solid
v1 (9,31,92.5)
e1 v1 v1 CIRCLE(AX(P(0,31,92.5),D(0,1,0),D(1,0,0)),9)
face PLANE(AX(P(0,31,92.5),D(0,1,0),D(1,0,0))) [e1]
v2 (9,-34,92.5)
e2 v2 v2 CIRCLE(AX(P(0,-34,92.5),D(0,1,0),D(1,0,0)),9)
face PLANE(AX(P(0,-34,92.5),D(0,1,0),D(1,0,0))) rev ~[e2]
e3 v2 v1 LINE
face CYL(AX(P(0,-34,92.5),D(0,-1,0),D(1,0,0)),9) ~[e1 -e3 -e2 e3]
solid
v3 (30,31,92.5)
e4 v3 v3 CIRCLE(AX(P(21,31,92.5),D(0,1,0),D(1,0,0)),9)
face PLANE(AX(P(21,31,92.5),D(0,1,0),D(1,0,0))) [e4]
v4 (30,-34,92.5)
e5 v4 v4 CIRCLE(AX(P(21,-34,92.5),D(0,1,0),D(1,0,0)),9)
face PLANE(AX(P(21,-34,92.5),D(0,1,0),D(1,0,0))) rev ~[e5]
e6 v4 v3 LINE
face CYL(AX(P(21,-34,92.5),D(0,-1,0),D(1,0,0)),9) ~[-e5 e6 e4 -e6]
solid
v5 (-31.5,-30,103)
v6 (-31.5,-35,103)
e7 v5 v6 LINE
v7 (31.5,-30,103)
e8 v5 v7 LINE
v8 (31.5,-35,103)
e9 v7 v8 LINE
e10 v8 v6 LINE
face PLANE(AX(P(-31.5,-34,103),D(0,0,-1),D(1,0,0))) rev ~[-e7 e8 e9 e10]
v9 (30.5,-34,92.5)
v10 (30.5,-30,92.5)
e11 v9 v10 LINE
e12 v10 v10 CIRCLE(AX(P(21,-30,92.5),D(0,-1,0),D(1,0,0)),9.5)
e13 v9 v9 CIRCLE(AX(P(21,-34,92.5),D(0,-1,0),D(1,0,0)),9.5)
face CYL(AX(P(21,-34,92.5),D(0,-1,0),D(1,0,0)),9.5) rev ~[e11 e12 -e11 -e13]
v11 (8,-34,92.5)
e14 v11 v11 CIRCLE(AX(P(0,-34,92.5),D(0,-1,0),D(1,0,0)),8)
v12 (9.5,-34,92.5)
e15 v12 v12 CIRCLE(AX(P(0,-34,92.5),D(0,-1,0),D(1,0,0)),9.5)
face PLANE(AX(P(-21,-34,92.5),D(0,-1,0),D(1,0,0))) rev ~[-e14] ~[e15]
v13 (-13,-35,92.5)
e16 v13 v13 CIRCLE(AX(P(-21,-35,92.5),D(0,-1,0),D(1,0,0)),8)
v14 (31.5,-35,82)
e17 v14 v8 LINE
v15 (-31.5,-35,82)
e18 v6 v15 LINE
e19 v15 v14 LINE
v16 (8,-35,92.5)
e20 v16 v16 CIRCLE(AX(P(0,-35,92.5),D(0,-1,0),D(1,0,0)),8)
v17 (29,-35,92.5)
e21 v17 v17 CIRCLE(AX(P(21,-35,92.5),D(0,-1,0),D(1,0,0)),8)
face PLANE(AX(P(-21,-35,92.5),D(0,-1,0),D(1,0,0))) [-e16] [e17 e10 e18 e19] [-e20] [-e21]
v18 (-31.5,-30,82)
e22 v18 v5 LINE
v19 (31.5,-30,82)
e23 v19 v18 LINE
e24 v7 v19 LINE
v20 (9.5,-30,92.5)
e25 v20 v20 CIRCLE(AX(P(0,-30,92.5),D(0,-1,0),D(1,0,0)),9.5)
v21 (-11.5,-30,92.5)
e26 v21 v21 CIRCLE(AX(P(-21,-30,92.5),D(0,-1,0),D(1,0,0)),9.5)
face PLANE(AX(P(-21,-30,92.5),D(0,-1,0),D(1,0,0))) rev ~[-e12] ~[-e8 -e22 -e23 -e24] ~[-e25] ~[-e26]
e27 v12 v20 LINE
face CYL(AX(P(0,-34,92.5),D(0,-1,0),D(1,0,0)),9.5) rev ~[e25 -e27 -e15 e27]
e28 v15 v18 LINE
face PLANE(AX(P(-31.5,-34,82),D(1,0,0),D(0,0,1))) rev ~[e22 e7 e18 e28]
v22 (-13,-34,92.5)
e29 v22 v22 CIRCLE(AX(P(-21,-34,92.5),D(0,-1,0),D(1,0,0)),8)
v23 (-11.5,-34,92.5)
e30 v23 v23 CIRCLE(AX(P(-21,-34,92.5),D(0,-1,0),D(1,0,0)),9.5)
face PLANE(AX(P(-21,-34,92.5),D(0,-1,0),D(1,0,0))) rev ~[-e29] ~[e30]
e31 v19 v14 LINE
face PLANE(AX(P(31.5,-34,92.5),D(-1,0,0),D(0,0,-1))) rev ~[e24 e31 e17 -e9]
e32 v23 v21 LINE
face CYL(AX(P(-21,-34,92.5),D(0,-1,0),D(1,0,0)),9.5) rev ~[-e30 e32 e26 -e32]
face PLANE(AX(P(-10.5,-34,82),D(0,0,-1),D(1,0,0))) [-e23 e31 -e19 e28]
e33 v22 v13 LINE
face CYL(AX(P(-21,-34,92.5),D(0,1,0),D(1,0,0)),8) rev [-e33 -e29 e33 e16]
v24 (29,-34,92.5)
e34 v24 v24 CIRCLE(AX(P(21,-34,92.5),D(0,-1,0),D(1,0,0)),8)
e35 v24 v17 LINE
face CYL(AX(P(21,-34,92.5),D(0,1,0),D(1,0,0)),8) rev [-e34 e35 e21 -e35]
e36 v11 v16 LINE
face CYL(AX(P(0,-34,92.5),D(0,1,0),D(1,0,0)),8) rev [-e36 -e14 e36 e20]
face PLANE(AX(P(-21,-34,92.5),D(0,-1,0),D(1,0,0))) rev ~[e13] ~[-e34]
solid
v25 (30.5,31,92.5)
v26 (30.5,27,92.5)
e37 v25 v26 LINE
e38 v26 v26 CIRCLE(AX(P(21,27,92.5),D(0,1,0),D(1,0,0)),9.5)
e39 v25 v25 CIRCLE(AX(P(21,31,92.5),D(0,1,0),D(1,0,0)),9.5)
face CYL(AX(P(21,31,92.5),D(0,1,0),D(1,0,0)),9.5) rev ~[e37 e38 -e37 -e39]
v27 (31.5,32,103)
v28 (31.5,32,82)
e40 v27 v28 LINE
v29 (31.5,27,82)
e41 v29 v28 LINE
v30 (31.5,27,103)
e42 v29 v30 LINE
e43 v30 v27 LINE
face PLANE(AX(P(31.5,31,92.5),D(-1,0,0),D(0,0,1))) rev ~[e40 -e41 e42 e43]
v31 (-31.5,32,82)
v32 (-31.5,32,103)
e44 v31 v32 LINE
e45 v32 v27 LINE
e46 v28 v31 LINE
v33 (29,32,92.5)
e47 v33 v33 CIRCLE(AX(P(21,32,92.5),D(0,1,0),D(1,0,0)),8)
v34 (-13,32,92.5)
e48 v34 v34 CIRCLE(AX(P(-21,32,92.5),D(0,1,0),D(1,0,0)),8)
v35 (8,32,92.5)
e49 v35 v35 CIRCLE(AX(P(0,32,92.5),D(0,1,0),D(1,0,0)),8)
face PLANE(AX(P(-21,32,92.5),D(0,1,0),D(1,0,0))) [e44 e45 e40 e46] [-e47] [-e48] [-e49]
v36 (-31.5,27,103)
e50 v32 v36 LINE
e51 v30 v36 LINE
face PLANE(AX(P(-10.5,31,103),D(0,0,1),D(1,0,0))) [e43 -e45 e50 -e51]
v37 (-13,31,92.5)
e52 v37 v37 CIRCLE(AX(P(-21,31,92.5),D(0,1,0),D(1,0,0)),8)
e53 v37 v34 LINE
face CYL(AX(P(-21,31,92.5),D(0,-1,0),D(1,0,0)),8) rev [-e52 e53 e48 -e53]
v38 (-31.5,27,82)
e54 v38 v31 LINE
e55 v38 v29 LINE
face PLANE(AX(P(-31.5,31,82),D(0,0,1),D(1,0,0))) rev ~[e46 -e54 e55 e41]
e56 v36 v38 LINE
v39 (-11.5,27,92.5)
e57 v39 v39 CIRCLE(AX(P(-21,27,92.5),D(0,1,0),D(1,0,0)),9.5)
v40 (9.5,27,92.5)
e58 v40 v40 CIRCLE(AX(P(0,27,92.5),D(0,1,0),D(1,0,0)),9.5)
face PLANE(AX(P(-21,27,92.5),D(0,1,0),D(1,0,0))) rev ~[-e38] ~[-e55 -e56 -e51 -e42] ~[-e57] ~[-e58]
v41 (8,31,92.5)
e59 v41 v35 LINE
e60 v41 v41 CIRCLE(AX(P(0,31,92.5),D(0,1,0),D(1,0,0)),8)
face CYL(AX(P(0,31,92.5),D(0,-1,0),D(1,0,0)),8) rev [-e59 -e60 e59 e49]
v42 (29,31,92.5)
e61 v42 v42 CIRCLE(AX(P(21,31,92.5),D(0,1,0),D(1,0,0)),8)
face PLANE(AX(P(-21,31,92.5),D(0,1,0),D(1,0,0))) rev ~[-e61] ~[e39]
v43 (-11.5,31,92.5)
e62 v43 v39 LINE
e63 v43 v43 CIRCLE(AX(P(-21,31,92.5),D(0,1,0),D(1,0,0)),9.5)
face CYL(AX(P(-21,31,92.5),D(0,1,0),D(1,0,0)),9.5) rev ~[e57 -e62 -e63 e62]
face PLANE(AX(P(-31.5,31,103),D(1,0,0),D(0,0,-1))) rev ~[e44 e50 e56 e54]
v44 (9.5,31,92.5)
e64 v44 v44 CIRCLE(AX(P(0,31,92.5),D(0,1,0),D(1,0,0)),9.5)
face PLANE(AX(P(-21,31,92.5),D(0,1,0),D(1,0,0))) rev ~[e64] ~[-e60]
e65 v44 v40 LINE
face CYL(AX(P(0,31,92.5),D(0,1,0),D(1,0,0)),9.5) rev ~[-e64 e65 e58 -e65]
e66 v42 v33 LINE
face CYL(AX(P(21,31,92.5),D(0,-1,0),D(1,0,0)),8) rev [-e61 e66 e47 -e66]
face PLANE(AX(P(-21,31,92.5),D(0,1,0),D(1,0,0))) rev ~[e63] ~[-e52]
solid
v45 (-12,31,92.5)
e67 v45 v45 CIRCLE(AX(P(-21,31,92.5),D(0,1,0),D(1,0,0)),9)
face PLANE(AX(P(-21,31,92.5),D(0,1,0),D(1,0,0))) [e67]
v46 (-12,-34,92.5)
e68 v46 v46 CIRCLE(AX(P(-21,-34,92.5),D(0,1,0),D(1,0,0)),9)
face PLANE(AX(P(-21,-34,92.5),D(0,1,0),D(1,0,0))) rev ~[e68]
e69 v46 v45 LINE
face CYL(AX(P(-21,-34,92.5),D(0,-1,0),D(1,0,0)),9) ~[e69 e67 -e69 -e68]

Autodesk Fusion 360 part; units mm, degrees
sketch "Sketch2" plane through (0, 0, 0) normal (0, 1, 0) x (1, 0, 0) in component "Battery"
  circle A0 centre (0, 0) radius 9
  dimension "d91" = 18
extrude "Extrude2" add sketch "Sketch2" along normal blind 65 makes body 1 in component "Battery"
sketch "Sketch2 (2)" plane through (0, 0, 0) normal (0, -1, 0) x (1, 0, 0) in component "Holder"
  circle A0 centre (0, 0) radius 9 construction
  circle A1 centre (0, 0) radius 9.5
  circle A2 centre (0, 0) radius 10.5
  circle A3 centre (0, 0) radius 8
  line L0 (10.5, 10.5) -> (10.5, -10.5) construction
  line L1 (10.5, -10.5) -> (0, -10.5)
  line L2 (10.5, 10.5) -> (0, 10.5)
  circle A4 centre (21, 0) radius 10.5
  circle A5 centre (21, 0) radius 9.5
  circle A6 centre (21, 0) radius 8
  line L3 (10.5, 10.5) -> (21, 10.5)
  line L4 (10.5, -10.5) -> (21, -10.5)
  line L5 (31.5, 10.5) -> (31.5, -10.5) construction
  circle A7 centre (42, 0) radius 10.5
  circle A8 centre (42, 0) radius 9.5
  circle A9 centre (42, 0) radius 8
  line L6 (52.5, -10.5) -> (-10.5, -10.5)
  line L7 (-10.5, -10.5) -> (-10.5, 10.5)
  line L8 (-10.5, 10.5) -> (52.5, 10.5)
  line L9 (52.5, 10.5) -> (52.5, -10.5)
  line L10 (52.5, -10.5) -> (-10.5, 10.5) construction
  line L11 (-10.5, -10.5) -> (52.5, 10.5) construction
  circle A10 centre (21, 0) radius 9 construction
  circle A11 centre (42, 0) radius 9 construction
  point P0 (21, 0)
  dimension "d94" = 0.5
  dimension "d95" = 1.5
  dimension "d96" = -1
extrude "Extrude1" add sketch "Sketch2 (2)" against normal blind 4 separate body contours A2 | A2 L1 A4 L4 L6 | A2 L2 A4 L3 L8 | A4 | A2 L7 L8 | A2 L6 L7 | A4 A7 L8 | A4 A7 L6 | A7 | A7 L8 L9 | A7 L6 L9 makes body 2 in component "Holder"
extrude "Extrude2'" add sketch "Sketch2 (2)" along normal blind 1 contours A1 | A2 | A2 L1 A4 L4 L6 | A2 L2 A4 L3 L8 | A4 | A2 L7 L8 | A2 L6 L7 | A4 A7 L8 | A4 A7 L6 | A7 | A7 L8 L9 | A7 L6 L9 | A5 | A8 bodies 2 in component "Holder"
component "Battery" placed x (1, 0, 0) y (0, 1, 0) z (0, 0, 1) at (-21, -34, 92.5)
component "Holder" placed x (1, 0, 0) y (0, 1, 0) z (0, 0, 1) at (-21, -34, 92.5)
component "Battery" placed x (1, 0, 0) y (0, 1, 0) z (0, 0, 1) at (0, -34, 92.5)
component "Battery" placed x (1, 0, 0) y (0, 1, 0) z (0, 0, 1) at (21, -34, 92.5)
component "Holder" placed x (1, 0, 0) y (0, -1, 0) z (0, 0, -1) at (-21, 31, 92.5)
